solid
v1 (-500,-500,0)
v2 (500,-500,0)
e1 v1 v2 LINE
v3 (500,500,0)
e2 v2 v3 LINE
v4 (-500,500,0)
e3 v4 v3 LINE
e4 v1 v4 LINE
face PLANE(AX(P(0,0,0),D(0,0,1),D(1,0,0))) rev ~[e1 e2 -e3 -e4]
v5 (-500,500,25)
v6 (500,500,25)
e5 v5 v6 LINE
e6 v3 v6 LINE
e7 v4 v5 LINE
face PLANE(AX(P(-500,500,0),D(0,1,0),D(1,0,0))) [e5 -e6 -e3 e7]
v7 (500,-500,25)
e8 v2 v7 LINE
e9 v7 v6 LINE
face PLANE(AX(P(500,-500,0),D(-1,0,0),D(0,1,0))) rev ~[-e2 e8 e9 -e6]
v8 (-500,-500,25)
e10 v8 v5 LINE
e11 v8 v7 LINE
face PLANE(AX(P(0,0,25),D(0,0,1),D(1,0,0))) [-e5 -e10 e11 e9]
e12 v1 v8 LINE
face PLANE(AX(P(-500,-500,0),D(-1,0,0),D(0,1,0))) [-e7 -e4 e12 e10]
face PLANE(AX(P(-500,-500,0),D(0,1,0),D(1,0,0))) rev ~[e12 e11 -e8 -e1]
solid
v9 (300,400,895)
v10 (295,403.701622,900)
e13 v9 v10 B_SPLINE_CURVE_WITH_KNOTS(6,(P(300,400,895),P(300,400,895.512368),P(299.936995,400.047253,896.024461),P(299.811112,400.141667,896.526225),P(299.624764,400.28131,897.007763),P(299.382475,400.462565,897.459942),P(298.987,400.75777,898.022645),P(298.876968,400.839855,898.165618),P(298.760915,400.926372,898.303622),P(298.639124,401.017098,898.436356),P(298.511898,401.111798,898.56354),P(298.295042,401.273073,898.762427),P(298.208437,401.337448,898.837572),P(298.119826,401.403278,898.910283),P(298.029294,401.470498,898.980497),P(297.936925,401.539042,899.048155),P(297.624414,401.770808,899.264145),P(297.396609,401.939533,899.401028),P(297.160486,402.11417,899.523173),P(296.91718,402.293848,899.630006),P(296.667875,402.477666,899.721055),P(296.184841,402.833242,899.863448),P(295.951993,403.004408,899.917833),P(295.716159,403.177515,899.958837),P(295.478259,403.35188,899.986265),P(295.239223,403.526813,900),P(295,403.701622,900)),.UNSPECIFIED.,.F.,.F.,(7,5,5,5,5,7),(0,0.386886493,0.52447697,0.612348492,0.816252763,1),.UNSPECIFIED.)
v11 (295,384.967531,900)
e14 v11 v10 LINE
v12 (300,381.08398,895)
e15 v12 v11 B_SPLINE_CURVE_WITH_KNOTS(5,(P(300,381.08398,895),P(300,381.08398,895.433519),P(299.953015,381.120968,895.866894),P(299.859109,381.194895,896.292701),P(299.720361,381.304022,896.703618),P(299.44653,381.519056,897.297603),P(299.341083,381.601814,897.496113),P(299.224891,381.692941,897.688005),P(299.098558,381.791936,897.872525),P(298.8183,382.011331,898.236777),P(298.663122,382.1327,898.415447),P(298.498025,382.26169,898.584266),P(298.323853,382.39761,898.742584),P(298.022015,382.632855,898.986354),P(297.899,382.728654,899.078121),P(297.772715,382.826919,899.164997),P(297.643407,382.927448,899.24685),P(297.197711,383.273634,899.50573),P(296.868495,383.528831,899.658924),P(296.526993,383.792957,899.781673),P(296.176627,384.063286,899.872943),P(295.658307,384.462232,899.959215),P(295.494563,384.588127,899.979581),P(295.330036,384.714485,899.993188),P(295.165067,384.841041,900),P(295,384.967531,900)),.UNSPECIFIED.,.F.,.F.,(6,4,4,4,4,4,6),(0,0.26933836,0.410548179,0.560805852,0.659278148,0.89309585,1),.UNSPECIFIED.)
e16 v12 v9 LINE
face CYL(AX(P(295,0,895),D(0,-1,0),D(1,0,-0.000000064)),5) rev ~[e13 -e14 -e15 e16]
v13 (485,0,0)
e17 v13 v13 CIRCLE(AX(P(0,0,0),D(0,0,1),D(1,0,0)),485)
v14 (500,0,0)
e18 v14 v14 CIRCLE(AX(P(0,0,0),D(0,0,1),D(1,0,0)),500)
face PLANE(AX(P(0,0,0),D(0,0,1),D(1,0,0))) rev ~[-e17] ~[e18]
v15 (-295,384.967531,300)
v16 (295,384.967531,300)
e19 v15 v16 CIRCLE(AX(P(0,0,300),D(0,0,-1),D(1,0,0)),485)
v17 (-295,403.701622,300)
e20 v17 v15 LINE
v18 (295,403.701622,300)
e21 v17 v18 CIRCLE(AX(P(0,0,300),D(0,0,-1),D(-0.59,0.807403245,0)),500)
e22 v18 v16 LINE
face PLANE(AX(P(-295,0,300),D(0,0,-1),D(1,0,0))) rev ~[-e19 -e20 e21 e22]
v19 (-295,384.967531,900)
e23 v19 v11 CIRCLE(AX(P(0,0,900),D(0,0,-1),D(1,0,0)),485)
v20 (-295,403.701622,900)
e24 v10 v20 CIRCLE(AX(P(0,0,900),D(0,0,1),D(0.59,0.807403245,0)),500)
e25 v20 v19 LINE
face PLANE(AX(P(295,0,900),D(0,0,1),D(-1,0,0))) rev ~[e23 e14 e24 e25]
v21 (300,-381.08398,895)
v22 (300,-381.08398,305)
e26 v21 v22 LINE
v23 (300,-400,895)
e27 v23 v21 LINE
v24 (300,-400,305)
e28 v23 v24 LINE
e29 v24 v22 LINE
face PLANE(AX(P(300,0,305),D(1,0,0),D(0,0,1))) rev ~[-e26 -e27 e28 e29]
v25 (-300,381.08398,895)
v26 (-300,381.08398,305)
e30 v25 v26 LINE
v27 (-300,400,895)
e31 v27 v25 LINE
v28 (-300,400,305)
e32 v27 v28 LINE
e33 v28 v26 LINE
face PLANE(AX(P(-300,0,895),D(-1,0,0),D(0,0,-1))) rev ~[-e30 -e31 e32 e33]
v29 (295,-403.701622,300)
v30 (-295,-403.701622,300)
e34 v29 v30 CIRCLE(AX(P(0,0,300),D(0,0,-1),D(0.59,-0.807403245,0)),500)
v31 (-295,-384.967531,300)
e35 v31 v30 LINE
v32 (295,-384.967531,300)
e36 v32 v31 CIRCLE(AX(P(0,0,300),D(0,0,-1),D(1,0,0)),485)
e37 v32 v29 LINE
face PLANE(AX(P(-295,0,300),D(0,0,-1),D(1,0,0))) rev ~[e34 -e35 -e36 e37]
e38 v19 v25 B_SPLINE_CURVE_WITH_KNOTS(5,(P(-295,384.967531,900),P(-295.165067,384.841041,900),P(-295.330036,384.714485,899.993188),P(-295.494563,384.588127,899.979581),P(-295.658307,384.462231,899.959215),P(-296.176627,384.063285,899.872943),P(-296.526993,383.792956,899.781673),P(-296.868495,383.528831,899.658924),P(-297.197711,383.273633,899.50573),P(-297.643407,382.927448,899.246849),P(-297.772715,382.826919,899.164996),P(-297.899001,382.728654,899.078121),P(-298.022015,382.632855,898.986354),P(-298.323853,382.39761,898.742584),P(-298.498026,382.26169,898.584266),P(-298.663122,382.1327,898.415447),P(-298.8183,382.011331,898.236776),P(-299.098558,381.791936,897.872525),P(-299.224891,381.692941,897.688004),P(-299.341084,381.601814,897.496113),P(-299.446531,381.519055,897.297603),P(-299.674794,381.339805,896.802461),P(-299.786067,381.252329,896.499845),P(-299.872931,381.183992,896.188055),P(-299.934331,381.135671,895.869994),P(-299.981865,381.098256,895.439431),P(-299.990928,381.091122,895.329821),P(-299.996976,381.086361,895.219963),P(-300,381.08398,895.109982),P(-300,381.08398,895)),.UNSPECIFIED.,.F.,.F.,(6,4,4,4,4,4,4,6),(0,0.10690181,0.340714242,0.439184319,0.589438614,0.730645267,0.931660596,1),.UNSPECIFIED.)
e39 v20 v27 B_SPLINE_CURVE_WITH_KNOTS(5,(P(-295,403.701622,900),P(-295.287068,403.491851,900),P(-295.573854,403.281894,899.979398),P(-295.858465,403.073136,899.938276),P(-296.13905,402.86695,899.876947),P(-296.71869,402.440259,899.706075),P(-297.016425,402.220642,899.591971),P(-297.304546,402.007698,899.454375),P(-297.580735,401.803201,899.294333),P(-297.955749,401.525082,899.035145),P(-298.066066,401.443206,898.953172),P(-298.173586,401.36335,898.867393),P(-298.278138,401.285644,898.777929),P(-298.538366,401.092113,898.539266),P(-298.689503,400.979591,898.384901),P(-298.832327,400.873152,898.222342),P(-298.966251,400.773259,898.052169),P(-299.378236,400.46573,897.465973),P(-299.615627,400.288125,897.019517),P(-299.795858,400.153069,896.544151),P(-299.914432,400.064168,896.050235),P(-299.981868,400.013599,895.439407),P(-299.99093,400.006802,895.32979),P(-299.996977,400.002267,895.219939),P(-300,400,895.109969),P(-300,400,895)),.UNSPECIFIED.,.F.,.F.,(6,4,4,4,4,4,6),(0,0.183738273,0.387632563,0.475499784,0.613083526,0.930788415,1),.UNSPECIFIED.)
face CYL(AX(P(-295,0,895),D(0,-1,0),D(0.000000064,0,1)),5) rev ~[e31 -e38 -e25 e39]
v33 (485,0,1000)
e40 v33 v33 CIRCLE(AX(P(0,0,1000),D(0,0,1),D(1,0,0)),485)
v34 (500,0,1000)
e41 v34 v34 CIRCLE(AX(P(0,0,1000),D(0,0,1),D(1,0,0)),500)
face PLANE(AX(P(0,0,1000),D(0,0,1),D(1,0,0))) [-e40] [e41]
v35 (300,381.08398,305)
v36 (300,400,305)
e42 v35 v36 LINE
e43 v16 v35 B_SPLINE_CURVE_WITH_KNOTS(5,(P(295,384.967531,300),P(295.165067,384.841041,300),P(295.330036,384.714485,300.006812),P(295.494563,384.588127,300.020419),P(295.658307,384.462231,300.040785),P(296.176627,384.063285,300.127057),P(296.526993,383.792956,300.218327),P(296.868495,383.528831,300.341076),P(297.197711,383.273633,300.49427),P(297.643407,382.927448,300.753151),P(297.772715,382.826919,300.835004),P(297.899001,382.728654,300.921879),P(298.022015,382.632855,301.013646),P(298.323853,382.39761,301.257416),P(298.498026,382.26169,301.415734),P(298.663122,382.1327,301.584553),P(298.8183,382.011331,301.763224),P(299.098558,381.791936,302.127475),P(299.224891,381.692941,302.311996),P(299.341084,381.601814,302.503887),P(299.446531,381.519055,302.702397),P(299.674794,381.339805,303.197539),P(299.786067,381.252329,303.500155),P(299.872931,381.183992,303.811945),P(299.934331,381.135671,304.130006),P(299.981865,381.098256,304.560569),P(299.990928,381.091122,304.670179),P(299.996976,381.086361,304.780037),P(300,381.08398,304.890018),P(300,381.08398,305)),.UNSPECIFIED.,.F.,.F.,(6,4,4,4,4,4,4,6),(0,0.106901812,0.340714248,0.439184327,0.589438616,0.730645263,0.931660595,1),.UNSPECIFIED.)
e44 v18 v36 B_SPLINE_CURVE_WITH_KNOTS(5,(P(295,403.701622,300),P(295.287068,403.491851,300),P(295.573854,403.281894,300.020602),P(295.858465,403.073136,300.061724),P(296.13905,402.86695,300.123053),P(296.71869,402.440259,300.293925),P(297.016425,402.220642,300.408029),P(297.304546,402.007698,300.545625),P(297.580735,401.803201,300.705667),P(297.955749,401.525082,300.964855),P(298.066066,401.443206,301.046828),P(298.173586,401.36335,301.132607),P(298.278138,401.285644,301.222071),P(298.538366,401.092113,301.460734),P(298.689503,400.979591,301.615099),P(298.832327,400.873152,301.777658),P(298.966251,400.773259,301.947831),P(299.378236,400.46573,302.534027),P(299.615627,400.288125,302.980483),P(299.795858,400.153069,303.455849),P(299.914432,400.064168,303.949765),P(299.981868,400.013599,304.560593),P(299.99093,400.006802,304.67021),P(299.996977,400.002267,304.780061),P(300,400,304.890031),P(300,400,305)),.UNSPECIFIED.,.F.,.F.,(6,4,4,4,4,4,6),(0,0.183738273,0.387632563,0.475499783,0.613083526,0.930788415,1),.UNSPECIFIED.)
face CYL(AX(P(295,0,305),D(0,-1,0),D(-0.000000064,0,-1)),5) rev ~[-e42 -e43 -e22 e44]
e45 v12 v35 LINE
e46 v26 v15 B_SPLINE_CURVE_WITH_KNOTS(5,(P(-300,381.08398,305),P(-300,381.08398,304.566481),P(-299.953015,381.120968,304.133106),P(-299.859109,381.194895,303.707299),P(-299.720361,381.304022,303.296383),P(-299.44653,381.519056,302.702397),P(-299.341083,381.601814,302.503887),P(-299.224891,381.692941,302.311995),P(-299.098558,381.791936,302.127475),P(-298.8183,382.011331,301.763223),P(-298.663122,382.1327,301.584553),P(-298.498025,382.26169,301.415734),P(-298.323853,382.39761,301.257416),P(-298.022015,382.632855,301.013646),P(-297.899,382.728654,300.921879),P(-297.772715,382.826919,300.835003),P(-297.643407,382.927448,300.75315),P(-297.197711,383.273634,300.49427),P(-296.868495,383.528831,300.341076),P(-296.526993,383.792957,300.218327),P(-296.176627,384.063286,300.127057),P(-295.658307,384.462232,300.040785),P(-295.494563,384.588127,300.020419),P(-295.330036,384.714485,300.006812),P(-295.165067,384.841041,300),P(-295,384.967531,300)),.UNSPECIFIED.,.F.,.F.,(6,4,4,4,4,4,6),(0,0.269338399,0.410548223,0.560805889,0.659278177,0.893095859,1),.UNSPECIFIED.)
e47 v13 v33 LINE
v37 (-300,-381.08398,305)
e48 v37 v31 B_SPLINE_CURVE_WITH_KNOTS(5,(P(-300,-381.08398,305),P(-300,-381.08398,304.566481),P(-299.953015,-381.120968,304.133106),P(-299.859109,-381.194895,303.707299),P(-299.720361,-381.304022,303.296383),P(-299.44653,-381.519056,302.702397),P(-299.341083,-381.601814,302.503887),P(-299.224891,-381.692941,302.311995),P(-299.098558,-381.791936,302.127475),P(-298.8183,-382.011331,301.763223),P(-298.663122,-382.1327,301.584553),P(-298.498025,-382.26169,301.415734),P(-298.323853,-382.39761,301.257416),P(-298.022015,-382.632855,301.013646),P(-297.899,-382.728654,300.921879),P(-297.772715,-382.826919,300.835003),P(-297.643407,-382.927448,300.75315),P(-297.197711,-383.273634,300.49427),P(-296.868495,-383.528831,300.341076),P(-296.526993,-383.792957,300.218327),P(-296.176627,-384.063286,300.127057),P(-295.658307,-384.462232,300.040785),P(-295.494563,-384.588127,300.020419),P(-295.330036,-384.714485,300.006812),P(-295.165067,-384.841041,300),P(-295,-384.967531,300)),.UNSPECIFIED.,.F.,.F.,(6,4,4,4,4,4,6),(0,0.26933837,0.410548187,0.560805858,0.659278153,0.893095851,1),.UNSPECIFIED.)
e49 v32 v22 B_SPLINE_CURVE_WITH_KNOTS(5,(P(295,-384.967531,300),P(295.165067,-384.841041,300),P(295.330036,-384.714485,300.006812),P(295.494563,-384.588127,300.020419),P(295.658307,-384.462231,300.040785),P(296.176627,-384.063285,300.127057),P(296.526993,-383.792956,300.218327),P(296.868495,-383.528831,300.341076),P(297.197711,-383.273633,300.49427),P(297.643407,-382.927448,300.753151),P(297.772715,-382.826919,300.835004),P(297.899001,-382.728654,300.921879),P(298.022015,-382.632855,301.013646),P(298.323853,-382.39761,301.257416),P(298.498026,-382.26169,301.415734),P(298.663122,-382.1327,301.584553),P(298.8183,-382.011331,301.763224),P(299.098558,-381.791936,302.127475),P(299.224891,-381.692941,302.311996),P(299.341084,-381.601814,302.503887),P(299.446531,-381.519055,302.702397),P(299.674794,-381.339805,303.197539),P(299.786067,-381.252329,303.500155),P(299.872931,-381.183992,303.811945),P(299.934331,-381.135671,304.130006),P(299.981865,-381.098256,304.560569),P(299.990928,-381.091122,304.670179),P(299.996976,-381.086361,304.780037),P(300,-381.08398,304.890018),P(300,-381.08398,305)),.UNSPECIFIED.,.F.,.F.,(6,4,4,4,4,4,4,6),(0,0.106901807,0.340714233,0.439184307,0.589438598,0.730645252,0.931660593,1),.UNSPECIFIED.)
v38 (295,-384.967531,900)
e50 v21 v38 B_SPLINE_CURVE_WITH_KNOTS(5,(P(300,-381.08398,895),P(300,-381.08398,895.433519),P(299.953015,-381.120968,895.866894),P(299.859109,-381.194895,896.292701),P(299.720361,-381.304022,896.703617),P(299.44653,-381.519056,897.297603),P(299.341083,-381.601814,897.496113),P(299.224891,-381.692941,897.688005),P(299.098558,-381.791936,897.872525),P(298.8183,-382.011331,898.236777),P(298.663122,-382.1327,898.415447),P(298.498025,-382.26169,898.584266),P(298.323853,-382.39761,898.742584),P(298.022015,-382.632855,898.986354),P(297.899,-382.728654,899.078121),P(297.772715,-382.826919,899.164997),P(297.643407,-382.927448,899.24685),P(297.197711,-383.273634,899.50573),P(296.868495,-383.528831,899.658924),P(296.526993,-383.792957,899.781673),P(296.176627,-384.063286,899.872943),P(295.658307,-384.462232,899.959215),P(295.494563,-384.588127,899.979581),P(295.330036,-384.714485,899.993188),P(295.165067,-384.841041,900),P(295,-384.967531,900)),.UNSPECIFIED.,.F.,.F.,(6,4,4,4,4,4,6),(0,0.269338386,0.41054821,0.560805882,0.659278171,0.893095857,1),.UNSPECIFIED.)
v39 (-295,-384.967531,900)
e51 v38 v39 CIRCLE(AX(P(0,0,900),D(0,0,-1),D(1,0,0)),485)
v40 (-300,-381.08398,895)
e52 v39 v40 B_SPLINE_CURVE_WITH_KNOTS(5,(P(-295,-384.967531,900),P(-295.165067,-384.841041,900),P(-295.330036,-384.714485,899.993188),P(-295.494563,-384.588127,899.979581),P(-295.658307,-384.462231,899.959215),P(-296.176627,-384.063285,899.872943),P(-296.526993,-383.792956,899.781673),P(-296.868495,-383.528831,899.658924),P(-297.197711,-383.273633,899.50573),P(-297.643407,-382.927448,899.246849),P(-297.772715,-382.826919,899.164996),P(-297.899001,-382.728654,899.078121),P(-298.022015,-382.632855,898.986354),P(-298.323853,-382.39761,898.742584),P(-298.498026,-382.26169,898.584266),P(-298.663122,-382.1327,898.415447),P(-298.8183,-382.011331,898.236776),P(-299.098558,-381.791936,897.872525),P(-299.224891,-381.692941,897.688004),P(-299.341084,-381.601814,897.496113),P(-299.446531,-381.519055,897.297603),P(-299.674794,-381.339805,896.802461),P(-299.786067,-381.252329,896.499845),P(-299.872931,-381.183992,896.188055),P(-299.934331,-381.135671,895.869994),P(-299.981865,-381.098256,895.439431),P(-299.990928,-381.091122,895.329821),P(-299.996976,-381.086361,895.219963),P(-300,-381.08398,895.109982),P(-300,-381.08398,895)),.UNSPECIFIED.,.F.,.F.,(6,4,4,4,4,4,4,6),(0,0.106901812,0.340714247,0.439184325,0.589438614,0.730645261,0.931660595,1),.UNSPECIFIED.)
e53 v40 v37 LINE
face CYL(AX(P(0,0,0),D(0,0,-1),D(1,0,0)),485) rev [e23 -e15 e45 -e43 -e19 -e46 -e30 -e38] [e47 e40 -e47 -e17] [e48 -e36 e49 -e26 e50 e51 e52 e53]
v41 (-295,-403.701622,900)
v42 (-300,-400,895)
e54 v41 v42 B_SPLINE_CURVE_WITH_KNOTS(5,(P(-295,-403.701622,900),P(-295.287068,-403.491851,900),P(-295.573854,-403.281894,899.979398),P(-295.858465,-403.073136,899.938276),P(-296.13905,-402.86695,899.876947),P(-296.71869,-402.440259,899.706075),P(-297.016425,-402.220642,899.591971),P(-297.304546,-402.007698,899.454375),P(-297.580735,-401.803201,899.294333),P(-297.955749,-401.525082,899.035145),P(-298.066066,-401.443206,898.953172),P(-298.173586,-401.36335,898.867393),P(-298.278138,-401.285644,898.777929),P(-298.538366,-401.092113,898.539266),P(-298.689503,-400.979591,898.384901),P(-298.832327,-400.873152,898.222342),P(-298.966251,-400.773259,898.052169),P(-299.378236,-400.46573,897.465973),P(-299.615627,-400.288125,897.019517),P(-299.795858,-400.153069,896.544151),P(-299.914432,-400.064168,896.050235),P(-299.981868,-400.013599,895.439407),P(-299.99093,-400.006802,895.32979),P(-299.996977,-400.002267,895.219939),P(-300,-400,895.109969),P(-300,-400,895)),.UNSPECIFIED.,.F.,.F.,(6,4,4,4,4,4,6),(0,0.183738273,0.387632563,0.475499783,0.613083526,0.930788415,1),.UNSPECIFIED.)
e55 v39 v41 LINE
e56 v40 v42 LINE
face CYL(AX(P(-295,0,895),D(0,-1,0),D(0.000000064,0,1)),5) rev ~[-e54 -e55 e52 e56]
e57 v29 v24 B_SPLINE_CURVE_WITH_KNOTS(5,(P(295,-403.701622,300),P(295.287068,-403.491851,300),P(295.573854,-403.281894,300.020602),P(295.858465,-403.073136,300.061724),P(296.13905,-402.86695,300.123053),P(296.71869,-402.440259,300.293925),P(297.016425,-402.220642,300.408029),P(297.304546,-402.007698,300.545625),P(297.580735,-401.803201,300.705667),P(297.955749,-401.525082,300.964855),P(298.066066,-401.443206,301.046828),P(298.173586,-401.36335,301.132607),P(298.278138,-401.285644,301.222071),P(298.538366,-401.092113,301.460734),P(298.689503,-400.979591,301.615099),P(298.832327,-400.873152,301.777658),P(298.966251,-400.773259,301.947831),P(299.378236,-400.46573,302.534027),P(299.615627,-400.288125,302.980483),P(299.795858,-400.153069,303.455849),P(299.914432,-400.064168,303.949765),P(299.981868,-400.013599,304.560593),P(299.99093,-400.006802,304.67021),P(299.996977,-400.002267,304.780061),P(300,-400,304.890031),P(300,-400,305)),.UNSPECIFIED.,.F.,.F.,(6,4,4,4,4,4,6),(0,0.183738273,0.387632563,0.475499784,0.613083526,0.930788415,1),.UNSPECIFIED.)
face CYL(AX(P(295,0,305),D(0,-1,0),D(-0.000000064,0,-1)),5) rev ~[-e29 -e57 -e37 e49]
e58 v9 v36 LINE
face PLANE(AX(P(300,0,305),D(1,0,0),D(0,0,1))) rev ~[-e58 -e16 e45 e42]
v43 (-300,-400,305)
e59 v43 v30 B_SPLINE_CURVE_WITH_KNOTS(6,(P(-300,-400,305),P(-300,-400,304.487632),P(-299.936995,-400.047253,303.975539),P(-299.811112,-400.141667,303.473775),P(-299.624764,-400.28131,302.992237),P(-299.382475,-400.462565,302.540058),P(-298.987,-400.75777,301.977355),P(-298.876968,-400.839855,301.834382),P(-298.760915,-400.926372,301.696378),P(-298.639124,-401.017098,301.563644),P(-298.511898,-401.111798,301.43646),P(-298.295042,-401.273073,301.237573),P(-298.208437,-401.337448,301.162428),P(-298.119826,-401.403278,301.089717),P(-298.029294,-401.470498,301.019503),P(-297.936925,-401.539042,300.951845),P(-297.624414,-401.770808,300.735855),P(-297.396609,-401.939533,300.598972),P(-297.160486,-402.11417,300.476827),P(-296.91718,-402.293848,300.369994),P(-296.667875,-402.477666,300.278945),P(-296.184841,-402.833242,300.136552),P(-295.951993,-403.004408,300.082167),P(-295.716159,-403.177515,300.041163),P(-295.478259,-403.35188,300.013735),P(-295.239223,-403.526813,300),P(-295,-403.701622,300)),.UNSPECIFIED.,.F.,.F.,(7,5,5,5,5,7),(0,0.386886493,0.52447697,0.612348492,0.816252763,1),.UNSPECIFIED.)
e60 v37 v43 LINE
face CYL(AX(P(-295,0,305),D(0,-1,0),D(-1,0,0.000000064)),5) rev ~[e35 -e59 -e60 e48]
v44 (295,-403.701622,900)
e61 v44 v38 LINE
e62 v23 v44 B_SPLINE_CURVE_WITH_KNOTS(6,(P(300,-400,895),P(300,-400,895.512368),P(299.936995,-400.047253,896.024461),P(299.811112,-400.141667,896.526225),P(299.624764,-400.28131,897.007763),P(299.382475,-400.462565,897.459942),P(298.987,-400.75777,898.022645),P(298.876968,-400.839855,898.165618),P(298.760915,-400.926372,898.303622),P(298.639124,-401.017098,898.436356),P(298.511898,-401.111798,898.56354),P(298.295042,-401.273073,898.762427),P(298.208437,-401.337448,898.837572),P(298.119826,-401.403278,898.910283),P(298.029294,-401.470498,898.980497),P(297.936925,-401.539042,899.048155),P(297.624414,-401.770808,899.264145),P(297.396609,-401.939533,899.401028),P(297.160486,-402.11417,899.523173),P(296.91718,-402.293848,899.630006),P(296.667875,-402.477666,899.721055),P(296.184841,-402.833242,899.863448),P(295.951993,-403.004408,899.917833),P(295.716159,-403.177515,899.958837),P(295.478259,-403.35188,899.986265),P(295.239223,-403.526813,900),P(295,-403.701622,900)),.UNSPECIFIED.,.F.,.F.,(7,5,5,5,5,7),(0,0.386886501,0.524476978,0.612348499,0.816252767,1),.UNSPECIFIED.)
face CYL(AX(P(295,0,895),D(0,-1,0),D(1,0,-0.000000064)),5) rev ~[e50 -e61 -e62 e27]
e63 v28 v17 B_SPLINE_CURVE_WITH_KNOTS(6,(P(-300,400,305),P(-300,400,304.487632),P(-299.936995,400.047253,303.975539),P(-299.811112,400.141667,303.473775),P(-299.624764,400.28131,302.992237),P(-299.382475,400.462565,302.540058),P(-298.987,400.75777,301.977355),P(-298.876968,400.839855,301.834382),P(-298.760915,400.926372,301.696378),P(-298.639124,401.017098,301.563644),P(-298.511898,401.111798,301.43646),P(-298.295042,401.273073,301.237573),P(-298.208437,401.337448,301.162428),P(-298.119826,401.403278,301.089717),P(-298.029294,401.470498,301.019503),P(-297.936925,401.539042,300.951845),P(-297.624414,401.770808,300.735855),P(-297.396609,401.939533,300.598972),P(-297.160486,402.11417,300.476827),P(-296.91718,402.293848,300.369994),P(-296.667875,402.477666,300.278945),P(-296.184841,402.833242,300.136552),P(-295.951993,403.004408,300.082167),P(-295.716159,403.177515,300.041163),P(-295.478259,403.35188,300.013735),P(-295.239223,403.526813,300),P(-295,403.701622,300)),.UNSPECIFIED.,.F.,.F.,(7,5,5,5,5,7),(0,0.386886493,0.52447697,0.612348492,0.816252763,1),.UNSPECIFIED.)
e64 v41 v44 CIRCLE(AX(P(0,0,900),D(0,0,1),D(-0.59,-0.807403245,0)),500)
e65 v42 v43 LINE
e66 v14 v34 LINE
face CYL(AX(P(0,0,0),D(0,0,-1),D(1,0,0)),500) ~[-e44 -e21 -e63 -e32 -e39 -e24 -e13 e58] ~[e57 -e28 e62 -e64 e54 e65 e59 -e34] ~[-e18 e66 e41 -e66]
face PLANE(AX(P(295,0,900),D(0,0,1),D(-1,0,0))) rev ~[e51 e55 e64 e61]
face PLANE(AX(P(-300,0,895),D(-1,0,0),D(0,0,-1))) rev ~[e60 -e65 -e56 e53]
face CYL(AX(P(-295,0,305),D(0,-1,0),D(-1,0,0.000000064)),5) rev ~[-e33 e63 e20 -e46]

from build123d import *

# Parameters (mm, degrees)
F0_R     = 500
F0_R_2   = 485
F2_DEPTH = 1000
F5_DEPTH = 500
F3_W     = 1000
F3_H     = 1000
F6_DEPTH = 25


with BuildPart() as f2:
    # F0 (on Top) → F2 (new body)
    with BuildSketch(Plane.XY):
        Circle(F0_R)
        Circle(F0_R_2, mode=Mode.SUBTRACT)
    extrude(amount=F2_DEPTH)

    # F4 (on Front) → F5 (cut, symmetric)
    with BuildSketch(Plane.XZ):
        with BuildLine():
            Line((295, 900), (-295, 900))
            ThreePointArc((-295, 900), (-298.535534, 898.535534), (-300, 895))
            Line((-300, 895), (-300, 305))
            ThreePointArc((-300, 305), (-298.535534, 301.464466), (-295, 300))
            Line((-295, 300), (295, 300))
            ThreePointArc((295, 300), (298.535534, 301.464466), (300, 305))
            Line((300, 305), (300, 895))
            ThreePointArc((300, 895), (298.535534, 898.535534), (295, 900))
        make_face()
    extrude(amount=F5_DEPTH, both=True, mode=Mode.SUBTRACT)


with BuildPart() as f6:
    # F3 (on face) → F6 (new body)
    with BuildSketch(Plane.XY):
        Rectangle(F3_W, F3_H)
    extrude(amount=F6_DEPTH)


solid = Compound([f2.part, f6.part])
